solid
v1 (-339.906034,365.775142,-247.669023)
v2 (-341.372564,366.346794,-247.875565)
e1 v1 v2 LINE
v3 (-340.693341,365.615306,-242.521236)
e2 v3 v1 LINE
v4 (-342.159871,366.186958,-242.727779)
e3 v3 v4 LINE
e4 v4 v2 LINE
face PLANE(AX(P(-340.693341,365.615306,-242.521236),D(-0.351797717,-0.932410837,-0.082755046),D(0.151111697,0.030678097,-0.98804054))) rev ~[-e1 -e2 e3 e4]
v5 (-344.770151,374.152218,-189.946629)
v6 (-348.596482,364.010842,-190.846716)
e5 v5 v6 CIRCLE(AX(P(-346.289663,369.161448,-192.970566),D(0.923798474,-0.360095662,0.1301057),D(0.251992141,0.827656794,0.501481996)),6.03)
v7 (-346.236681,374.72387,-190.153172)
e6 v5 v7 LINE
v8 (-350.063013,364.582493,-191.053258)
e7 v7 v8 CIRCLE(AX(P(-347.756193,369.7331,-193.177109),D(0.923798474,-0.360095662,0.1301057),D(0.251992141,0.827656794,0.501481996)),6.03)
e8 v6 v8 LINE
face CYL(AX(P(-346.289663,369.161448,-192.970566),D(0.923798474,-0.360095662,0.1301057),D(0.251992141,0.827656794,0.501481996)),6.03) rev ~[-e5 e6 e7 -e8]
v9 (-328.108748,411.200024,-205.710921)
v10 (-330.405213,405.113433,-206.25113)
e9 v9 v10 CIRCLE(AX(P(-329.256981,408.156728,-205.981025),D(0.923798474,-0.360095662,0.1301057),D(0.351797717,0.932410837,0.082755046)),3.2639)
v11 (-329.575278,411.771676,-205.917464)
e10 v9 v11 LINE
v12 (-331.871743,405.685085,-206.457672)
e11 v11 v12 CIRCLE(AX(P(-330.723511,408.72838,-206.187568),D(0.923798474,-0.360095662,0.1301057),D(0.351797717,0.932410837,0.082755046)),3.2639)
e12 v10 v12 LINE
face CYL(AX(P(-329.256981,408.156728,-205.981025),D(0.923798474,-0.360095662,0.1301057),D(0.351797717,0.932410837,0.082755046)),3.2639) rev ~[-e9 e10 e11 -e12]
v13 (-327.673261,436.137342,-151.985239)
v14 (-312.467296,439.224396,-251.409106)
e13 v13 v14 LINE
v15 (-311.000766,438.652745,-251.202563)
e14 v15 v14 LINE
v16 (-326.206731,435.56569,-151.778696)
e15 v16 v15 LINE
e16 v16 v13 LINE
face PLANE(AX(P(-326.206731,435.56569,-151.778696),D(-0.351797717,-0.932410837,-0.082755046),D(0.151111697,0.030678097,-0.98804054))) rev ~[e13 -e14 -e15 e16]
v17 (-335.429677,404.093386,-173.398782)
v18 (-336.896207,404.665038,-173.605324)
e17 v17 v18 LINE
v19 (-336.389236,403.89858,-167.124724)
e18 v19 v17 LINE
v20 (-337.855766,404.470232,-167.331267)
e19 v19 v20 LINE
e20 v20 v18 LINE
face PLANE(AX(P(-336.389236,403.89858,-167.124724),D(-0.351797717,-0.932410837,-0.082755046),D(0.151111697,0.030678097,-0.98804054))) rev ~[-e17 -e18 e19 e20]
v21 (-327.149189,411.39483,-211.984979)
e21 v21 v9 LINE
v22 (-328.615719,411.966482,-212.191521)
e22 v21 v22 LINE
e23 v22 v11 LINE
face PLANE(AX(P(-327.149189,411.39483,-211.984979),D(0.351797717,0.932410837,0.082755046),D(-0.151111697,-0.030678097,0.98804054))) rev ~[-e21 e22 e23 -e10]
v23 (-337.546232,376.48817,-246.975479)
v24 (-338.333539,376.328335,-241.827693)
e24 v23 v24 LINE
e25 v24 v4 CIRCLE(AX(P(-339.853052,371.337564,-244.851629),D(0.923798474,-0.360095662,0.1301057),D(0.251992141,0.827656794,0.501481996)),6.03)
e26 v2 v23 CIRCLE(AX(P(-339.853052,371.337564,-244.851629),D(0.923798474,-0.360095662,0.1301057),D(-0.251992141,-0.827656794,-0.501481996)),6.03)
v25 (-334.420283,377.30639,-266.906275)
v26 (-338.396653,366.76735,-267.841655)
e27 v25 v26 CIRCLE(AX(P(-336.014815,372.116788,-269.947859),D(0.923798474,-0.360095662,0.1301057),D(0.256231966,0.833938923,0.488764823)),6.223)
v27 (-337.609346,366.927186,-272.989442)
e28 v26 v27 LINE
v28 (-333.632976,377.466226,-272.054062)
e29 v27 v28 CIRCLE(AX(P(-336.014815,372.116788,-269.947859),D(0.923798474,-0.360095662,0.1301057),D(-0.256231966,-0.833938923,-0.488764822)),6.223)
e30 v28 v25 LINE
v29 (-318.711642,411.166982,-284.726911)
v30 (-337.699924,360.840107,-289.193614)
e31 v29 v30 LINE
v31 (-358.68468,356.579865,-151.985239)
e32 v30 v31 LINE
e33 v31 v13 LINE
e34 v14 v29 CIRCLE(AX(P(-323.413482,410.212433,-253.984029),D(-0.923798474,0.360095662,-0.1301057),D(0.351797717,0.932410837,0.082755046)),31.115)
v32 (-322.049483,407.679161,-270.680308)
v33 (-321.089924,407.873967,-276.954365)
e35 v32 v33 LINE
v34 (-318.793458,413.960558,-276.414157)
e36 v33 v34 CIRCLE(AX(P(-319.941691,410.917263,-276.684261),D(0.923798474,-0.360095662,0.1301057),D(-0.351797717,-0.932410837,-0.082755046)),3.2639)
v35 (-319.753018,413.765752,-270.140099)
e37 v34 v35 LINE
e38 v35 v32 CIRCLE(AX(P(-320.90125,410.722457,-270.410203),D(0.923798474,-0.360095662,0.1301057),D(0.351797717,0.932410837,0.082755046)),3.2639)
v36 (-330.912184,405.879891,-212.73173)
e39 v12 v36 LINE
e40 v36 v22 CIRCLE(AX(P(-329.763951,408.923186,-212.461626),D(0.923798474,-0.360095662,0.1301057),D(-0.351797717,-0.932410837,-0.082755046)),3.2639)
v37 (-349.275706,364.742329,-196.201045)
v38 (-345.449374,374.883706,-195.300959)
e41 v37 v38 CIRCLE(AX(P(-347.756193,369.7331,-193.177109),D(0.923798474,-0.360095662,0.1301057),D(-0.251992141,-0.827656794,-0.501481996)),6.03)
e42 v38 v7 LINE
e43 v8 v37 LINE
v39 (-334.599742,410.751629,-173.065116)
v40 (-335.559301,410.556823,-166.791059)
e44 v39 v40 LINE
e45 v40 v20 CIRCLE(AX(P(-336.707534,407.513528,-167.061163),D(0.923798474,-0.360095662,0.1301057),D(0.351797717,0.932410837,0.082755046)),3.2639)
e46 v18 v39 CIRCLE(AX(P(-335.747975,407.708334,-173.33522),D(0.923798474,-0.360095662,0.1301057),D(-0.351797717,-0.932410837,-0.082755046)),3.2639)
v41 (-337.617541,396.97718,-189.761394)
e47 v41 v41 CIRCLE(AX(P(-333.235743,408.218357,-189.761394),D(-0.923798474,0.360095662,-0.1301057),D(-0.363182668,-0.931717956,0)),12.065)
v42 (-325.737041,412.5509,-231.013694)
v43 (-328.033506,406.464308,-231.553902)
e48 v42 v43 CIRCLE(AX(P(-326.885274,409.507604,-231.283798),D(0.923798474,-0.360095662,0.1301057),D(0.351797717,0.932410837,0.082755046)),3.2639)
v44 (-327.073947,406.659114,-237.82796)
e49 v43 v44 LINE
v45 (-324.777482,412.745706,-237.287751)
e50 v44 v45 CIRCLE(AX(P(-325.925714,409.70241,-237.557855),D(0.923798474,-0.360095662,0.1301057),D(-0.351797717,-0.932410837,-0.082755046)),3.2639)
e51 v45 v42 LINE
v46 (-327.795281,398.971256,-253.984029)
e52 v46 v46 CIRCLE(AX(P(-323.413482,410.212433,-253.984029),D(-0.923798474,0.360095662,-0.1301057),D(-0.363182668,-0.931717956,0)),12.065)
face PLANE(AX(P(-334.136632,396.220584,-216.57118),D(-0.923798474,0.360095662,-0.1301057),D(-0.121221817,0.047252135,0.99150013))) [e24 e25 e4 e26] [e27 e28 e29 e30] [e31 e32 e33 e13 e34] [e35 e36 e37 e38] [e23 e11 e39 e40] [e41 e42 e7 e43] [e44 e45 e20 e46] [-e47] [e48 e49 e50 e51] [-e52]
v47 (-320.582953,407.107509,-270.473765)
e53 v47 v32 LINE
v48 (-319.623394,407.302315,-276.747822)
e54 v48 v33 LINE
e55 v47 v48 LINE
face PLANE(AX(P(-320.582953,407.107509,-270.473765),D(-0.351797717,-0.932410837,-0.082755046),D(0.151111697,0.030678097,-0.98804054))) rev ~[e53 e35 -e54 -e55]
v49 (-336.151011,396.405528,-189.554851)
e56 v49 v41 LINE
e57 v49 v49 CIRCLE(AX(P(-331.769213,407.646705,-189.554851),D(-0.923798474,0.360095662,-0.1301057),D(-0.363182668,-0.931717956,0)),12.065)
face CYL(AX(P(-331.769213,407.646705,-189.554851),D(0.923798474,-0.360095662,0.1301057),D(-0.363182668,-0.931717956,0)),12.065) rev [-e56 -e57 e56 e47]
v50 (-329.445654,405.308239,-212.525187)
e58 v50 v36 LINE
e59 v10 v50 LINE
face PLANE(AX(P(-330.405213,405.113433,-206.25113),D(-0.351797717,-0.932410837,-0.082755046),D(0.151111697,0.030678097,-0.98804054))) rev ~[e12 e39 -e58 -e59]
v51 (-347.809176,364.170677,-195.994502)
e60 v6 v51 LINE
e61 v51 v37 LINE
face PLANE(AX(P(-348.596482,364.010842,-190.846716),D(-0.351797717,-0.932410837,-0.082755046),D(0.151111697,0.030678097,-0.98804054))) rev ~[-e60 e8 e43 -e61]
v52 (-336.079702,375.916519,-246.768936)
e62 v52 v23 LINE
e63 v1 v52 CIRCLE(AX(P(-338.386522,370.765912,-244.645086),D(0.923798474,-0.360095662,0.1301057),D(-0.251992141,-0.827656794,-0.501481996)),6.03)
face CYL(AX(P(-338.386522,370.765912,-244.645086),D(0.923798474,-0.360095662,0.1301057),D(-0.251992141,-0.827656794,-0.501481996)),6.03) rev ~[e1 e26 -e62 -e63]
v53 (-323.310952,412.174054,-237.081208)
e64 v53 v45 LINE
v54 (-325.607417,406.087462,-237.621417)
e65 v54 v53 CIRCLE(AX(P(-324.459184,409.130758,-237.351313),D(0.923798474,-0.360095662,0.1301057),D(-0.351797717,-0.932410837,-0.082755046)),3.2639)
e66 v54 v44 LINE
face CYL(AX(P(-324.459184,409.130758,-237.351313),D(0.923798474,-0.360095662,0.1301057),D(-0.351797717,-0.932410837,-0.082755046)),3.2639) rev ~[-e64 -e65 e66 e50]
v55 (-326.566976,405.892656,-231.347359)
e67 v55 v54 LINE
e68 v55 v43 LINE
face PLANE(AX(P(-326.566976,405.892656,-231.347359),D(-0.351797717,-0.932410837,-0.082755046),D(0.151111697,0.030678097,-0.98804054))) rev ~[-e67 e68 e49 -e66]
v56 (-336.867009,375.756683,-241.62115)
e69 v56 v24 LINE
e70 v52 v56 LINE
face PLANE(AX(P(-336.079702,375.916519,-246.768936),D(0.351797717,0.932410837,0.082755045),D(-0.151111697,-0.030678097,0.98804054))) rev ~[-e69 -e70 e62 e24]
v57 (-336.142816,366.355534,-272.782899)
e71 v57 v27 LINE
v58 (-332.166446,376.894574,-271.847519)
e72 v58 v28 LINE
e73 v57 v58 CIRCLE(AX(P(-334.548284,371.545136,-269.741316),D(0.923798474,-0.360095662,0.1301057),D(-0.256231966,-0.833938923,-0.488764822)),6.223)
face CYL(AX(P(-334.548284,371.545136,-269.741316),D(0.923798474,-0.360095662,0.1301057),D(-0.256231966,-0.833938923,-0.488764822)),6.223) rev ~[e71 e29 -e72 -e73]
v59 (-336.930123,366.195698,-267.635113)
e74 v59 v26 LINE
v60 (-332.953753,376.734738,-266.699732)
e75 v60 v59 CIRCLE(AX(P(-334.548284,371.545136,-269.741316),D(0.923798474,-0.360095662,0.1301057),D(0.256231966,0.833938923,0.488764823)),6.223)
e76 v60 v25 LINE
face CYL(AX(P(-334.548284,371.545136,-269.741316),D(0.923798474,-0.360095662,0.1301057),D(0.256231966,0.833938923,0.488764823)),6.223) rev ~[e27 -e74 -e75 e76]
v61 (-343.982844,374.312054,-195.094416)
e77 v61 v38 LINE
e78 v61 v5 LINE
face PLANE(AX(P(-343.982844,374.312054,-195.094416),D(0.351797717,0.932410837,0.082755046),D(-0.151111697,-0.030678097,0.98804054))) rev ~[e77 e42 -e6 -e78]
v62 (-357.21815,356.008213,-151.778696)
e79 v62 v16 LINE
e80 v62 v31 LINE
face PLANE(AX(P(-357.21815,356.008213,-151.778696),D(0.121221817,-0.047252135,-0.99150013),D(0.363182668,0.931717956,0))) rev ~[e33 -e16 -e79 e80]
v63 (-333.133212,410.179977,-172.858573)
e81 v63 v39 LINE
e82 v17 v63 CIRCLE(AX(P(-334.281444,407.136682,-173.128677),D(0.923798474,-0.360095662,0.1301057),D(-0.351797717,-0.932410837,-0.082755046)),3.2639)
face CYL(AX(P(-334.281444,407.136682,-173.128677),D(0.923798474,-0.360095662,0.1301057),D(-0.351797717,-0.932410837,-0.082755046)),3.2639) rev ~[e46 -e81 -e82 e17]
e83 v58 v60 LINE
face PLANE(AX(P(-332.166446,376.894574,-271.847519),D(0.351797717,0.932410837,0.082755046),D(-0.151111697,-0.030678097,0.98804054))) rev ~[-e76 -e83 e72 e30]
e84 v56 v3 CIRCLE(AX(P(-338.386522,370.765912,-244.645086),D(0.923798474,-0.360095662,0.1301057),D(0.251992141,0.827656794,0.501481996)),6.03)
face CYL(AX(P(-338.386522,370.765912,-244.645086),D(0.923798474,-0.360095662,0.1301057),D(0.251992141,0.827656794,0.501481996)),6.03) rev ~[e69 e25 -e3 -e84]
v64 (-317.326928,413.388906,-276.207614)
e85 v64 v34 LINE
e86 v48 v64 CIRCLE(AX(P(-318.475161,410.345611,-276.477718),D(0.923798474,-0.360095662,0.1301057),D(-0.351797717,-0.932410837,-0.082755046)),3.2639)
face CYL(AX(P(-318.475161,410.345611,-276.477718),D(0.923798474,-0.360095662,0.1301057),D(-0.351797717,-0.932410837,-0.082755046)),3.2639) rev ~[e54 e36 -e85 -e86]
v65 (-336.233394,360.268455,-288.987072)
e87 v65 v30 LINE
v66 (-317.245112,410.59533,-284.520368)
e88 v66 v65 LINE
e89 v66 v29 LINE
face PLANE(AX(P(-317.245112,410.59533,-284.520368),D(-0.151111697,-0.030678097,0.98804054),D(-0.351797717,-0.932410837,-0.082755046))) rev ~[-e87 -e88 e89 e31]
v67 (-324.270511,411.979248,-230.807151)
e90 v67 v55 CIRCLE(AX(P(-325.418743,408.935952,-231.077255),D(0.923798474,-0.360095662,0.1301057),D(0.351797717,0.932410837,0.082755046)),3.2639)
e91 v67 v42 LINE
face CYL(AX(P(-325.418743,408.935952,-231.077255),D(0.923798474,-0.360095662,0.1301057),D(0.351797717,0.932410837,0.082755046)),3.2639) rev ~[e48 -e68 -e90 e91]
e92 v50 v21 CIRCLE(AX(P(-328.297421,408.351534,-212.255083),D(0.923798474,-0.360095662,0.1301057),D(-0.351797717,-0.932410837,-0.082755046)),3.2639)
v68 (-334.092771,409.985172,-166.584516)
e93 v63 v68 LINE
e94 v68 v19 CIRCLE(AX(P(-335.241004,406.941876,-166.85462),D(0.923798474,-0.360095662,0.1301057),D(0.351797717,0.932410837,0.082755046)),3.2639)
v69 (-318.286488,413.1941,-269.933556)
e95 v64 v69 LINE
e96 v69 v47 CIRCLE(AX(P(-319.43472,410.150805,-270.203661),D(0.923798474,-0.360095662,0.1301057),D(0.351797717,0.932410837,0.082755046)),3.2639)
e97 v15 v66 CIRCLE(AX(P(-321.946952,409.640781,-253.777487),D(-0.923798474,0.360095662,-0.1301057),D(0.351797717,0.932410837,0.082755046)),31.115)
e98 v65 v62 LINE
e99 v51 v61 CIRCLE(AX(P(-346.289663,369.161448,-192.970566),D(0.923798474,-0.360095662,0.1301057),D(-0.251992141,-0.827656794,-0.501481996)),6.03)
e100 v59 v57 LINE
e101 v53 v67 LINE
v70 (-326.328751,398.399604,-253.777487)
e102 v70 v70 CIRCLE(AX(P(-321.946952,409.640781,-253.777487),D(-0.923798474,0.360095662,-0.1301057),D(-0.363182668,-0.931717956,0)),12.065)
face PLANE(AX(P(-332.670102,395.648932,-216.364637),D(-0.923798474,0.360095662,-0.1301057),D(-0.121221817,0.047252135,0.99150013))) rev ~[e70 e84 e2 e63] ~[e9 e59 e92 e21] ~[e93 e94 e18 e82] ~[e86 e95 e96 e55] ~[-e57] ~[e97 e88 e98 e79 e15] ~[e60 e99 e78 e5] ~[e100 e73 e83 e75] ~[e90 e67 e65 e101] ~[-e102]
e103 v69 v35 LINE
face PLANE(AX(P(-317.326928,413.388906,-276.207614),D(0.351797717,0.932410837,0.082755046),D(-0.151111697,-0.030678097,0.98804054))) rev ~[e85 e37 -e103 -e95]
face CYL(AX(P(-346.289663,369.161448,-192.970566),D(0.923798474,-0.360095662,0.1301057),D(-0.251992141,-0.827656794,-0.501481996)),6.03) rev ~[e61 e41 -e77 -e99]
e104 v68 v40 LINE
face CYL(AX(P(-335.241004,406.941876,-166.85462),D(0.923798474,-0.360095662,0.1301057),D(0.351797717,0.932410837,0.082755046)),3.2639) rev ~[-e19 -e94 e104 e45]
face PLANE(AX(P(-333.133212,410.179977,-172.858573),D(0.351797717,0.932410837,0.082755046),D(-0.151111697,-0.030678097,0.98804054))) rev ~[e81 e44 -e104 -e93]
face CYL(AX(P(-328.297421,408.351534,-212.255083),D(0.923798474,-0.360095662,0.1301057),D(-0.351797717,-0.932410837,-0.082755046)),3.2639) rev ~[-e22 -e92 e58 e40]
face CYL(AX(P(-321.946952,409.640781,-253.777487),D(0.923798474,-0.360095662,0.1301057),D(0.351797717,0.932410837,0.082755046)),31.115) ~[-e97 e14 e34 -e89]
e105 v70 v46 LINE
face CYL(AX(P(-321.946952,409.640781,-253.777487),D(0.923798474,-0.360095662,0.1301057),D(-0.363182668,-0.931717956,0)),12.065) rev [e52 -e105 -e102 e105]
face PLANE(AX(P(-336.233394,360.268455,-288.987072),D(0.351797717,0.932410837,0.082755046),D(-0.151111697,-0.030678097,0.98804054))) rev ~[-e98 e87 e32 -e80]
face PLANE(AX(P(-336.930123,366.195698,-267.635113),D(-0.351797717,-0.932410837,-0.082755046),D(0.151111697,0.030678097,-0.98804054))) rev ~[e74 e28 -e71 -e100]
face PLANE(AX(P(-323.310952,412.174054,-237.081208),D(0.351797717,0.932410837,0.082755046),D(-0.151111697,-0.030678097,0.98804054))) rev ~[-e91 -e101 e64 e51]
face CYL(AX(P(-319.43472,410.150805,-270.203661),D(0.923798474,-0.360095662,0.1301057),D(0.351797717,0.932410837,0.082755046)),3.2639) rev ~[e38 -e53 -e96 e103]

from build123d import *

# Parameters (mm, degrees)
SKETCH39_R          = 12.065
BOSS_EXTRUDE1_DEPTH = 1.5875


with BuildPart() as part:
    # Sketch39 → Boss-Extrude1 (new body)
    with BuildSketch(Plane(origin=(-441.521969452, 172.104793819, -62.182961286), x_dir=(-0.1212218165913434, 0.04725213510134498, 0.9915001295565519), z_dir=(-0.9237984742451071, 0.36009566214142513, -0.1301056996804562))):
        with BuildLine():
            Line((-228.748442373, 213.554448141), (-90.363815922, 201.963804234))
            Line((-90.363815922, 201.963804234), (-90.363815922, 287.351743879))
            Line((-90.363815922, 287.351743879), (-190.640017459, 295.750550698))
            ThreePointArc((-190.640017459, 295.750550698), (-213.325518758, 288.505331466), (-224.243446911, 267.341116014))
            Line((-224.243446911, 267.341116014), (-228.748442373, 213.554448141))
        make_face()
        with Locations((-128.463815922, 259.318927244)):
            Circle(SKETCH39_R, mode=Mode.SUBTRACT)
        with Locations((-193.237014843, 264.74411863)):
            Circle(SKETCH39_R, mode=Mode.SUBTRACT)
        with BuildLine():
            Line((-211.461957069, 230.522345777), (-206.270039744, 230.087487755))
            ThreePointArc((-206.270039744, 230.087487755), (-203.136411518, 224.15373677), (-207.213438794, 218.823926718))
            Line((-207.213438794, 218.823926718), (-212.405356118, 219.25878474))
            ThreePointArc((-212.405356118, 219.25878474), (-215.538984345, 225.192535724), (-211.461957069, 230.522345777))
        make_face(mode=Mode.SUBTRACT)
        with BuildLine():
            Line((-186.168382291, 228.189847508), (-180.976464967, 227.754989487))
            ThreePointArc((-180.976464967, 227.754989487), (-178.017364976, 222.049847551), (-181.884267338, 216.916429257))
            Line((-181.884267338, 216.916429257), (-187.076184662, 217.351287279))
            ThreePointArc((-187.076184662, 217.351287279), (-190.035284653, 223.056429214), (-186.168382291, 228.189847508))
        make_face(mode=Mode.SUBTRACT)
        with BuildLine():
            Line((-215.859429659, 269.914226569), (-209.53158638, 269.384227103))
            ThreePointArc((-209.53158638, 269.384227103), (-206.55149466, 265.859295931), (-210.076425831, 262.879204212))
            Line((-210.076425831, 262.879204212), (-216.40426911, 263.409203678))
            ThreePointArc((-216.40426911, 263.409203678), (-219.38436083, 266.934134849), (-215.859429659, 269.914226569))
        make_face(mode=Mode.SUBTRACT)
        with BuildLine():
            Line((-170.614600027, 259.57401069), (-176.942443306, 260.104010157))
            ThreePointArc((-176.942443306, 260.104010157), (-179.922535026, 263.628941328), (-176.397603855, 266.609033048))
            Line((-176.397603855, 266.609033048), (-170.069760576, 266.079033581))
            ThreePointArc((-170.069760576, 266.079033581), (-167.089668856, 262.55410241), (-170.614600027, 259.57401069))
        make_face(mode=Mode.SUBTRACT)
        with BuildLine():
            Line((-151.086230738, 264.489035183), (-144.758387459, 263.959035717))
            ThreePointArc((-144.758387459, 263.959035717), (-141.778295739, 260.434104546), (-145.30322691, 257.454012826))
            Line((-145.30322691, 257.454012826), (-151.631070189, 257.984012292))
            ThreePointArc((-151.631070189, 257.984012292), (-154.611161909, 261.508943463), (-151.086230738, 264.489035183))
        make_face(mode=Mode.SUBTRACT)
        with BuildLine():
            Line((-105.841401106, 254.148819304), (-112.169244385, 254.678818771))
            ThreePointArc((-112.169244385, 254.678818771), (-115.149336105, 258.203749942), (-111.624404934, 261.183841662))
            Line((-111.624404934, 261.183841662), (-105.296561655, 260.653842195))
            ThreePointArc((-105.296561655, 260.653842195), (-102.316469935, 257.128911024), (-105.841401106, 254.148819304))
        make_face(mode=Mode.SUBTRACT)
        with BuildLine():
            Line((-134.050869929, 223.824655055), (-128.858952604, 223.389797033))
            ThreePointArc((-128.858952604, 223.389797033), (-125.899852614, 217.684655097), (-129.766754976, 212.551236803))
            Line((-129.766754976, 212.551236803), (-134.9586723, 212.986094825))
            ThreePointArc((-134.9586723, 212.986094825), (-137.917772291, 218.691236761), (-134.050869929, 223.824655055))
        make_face(mode=Mode.SUBTRACT)
    extrude(amount=BOSS_EXTRUDE1_DEPTH)


solid = part.part
